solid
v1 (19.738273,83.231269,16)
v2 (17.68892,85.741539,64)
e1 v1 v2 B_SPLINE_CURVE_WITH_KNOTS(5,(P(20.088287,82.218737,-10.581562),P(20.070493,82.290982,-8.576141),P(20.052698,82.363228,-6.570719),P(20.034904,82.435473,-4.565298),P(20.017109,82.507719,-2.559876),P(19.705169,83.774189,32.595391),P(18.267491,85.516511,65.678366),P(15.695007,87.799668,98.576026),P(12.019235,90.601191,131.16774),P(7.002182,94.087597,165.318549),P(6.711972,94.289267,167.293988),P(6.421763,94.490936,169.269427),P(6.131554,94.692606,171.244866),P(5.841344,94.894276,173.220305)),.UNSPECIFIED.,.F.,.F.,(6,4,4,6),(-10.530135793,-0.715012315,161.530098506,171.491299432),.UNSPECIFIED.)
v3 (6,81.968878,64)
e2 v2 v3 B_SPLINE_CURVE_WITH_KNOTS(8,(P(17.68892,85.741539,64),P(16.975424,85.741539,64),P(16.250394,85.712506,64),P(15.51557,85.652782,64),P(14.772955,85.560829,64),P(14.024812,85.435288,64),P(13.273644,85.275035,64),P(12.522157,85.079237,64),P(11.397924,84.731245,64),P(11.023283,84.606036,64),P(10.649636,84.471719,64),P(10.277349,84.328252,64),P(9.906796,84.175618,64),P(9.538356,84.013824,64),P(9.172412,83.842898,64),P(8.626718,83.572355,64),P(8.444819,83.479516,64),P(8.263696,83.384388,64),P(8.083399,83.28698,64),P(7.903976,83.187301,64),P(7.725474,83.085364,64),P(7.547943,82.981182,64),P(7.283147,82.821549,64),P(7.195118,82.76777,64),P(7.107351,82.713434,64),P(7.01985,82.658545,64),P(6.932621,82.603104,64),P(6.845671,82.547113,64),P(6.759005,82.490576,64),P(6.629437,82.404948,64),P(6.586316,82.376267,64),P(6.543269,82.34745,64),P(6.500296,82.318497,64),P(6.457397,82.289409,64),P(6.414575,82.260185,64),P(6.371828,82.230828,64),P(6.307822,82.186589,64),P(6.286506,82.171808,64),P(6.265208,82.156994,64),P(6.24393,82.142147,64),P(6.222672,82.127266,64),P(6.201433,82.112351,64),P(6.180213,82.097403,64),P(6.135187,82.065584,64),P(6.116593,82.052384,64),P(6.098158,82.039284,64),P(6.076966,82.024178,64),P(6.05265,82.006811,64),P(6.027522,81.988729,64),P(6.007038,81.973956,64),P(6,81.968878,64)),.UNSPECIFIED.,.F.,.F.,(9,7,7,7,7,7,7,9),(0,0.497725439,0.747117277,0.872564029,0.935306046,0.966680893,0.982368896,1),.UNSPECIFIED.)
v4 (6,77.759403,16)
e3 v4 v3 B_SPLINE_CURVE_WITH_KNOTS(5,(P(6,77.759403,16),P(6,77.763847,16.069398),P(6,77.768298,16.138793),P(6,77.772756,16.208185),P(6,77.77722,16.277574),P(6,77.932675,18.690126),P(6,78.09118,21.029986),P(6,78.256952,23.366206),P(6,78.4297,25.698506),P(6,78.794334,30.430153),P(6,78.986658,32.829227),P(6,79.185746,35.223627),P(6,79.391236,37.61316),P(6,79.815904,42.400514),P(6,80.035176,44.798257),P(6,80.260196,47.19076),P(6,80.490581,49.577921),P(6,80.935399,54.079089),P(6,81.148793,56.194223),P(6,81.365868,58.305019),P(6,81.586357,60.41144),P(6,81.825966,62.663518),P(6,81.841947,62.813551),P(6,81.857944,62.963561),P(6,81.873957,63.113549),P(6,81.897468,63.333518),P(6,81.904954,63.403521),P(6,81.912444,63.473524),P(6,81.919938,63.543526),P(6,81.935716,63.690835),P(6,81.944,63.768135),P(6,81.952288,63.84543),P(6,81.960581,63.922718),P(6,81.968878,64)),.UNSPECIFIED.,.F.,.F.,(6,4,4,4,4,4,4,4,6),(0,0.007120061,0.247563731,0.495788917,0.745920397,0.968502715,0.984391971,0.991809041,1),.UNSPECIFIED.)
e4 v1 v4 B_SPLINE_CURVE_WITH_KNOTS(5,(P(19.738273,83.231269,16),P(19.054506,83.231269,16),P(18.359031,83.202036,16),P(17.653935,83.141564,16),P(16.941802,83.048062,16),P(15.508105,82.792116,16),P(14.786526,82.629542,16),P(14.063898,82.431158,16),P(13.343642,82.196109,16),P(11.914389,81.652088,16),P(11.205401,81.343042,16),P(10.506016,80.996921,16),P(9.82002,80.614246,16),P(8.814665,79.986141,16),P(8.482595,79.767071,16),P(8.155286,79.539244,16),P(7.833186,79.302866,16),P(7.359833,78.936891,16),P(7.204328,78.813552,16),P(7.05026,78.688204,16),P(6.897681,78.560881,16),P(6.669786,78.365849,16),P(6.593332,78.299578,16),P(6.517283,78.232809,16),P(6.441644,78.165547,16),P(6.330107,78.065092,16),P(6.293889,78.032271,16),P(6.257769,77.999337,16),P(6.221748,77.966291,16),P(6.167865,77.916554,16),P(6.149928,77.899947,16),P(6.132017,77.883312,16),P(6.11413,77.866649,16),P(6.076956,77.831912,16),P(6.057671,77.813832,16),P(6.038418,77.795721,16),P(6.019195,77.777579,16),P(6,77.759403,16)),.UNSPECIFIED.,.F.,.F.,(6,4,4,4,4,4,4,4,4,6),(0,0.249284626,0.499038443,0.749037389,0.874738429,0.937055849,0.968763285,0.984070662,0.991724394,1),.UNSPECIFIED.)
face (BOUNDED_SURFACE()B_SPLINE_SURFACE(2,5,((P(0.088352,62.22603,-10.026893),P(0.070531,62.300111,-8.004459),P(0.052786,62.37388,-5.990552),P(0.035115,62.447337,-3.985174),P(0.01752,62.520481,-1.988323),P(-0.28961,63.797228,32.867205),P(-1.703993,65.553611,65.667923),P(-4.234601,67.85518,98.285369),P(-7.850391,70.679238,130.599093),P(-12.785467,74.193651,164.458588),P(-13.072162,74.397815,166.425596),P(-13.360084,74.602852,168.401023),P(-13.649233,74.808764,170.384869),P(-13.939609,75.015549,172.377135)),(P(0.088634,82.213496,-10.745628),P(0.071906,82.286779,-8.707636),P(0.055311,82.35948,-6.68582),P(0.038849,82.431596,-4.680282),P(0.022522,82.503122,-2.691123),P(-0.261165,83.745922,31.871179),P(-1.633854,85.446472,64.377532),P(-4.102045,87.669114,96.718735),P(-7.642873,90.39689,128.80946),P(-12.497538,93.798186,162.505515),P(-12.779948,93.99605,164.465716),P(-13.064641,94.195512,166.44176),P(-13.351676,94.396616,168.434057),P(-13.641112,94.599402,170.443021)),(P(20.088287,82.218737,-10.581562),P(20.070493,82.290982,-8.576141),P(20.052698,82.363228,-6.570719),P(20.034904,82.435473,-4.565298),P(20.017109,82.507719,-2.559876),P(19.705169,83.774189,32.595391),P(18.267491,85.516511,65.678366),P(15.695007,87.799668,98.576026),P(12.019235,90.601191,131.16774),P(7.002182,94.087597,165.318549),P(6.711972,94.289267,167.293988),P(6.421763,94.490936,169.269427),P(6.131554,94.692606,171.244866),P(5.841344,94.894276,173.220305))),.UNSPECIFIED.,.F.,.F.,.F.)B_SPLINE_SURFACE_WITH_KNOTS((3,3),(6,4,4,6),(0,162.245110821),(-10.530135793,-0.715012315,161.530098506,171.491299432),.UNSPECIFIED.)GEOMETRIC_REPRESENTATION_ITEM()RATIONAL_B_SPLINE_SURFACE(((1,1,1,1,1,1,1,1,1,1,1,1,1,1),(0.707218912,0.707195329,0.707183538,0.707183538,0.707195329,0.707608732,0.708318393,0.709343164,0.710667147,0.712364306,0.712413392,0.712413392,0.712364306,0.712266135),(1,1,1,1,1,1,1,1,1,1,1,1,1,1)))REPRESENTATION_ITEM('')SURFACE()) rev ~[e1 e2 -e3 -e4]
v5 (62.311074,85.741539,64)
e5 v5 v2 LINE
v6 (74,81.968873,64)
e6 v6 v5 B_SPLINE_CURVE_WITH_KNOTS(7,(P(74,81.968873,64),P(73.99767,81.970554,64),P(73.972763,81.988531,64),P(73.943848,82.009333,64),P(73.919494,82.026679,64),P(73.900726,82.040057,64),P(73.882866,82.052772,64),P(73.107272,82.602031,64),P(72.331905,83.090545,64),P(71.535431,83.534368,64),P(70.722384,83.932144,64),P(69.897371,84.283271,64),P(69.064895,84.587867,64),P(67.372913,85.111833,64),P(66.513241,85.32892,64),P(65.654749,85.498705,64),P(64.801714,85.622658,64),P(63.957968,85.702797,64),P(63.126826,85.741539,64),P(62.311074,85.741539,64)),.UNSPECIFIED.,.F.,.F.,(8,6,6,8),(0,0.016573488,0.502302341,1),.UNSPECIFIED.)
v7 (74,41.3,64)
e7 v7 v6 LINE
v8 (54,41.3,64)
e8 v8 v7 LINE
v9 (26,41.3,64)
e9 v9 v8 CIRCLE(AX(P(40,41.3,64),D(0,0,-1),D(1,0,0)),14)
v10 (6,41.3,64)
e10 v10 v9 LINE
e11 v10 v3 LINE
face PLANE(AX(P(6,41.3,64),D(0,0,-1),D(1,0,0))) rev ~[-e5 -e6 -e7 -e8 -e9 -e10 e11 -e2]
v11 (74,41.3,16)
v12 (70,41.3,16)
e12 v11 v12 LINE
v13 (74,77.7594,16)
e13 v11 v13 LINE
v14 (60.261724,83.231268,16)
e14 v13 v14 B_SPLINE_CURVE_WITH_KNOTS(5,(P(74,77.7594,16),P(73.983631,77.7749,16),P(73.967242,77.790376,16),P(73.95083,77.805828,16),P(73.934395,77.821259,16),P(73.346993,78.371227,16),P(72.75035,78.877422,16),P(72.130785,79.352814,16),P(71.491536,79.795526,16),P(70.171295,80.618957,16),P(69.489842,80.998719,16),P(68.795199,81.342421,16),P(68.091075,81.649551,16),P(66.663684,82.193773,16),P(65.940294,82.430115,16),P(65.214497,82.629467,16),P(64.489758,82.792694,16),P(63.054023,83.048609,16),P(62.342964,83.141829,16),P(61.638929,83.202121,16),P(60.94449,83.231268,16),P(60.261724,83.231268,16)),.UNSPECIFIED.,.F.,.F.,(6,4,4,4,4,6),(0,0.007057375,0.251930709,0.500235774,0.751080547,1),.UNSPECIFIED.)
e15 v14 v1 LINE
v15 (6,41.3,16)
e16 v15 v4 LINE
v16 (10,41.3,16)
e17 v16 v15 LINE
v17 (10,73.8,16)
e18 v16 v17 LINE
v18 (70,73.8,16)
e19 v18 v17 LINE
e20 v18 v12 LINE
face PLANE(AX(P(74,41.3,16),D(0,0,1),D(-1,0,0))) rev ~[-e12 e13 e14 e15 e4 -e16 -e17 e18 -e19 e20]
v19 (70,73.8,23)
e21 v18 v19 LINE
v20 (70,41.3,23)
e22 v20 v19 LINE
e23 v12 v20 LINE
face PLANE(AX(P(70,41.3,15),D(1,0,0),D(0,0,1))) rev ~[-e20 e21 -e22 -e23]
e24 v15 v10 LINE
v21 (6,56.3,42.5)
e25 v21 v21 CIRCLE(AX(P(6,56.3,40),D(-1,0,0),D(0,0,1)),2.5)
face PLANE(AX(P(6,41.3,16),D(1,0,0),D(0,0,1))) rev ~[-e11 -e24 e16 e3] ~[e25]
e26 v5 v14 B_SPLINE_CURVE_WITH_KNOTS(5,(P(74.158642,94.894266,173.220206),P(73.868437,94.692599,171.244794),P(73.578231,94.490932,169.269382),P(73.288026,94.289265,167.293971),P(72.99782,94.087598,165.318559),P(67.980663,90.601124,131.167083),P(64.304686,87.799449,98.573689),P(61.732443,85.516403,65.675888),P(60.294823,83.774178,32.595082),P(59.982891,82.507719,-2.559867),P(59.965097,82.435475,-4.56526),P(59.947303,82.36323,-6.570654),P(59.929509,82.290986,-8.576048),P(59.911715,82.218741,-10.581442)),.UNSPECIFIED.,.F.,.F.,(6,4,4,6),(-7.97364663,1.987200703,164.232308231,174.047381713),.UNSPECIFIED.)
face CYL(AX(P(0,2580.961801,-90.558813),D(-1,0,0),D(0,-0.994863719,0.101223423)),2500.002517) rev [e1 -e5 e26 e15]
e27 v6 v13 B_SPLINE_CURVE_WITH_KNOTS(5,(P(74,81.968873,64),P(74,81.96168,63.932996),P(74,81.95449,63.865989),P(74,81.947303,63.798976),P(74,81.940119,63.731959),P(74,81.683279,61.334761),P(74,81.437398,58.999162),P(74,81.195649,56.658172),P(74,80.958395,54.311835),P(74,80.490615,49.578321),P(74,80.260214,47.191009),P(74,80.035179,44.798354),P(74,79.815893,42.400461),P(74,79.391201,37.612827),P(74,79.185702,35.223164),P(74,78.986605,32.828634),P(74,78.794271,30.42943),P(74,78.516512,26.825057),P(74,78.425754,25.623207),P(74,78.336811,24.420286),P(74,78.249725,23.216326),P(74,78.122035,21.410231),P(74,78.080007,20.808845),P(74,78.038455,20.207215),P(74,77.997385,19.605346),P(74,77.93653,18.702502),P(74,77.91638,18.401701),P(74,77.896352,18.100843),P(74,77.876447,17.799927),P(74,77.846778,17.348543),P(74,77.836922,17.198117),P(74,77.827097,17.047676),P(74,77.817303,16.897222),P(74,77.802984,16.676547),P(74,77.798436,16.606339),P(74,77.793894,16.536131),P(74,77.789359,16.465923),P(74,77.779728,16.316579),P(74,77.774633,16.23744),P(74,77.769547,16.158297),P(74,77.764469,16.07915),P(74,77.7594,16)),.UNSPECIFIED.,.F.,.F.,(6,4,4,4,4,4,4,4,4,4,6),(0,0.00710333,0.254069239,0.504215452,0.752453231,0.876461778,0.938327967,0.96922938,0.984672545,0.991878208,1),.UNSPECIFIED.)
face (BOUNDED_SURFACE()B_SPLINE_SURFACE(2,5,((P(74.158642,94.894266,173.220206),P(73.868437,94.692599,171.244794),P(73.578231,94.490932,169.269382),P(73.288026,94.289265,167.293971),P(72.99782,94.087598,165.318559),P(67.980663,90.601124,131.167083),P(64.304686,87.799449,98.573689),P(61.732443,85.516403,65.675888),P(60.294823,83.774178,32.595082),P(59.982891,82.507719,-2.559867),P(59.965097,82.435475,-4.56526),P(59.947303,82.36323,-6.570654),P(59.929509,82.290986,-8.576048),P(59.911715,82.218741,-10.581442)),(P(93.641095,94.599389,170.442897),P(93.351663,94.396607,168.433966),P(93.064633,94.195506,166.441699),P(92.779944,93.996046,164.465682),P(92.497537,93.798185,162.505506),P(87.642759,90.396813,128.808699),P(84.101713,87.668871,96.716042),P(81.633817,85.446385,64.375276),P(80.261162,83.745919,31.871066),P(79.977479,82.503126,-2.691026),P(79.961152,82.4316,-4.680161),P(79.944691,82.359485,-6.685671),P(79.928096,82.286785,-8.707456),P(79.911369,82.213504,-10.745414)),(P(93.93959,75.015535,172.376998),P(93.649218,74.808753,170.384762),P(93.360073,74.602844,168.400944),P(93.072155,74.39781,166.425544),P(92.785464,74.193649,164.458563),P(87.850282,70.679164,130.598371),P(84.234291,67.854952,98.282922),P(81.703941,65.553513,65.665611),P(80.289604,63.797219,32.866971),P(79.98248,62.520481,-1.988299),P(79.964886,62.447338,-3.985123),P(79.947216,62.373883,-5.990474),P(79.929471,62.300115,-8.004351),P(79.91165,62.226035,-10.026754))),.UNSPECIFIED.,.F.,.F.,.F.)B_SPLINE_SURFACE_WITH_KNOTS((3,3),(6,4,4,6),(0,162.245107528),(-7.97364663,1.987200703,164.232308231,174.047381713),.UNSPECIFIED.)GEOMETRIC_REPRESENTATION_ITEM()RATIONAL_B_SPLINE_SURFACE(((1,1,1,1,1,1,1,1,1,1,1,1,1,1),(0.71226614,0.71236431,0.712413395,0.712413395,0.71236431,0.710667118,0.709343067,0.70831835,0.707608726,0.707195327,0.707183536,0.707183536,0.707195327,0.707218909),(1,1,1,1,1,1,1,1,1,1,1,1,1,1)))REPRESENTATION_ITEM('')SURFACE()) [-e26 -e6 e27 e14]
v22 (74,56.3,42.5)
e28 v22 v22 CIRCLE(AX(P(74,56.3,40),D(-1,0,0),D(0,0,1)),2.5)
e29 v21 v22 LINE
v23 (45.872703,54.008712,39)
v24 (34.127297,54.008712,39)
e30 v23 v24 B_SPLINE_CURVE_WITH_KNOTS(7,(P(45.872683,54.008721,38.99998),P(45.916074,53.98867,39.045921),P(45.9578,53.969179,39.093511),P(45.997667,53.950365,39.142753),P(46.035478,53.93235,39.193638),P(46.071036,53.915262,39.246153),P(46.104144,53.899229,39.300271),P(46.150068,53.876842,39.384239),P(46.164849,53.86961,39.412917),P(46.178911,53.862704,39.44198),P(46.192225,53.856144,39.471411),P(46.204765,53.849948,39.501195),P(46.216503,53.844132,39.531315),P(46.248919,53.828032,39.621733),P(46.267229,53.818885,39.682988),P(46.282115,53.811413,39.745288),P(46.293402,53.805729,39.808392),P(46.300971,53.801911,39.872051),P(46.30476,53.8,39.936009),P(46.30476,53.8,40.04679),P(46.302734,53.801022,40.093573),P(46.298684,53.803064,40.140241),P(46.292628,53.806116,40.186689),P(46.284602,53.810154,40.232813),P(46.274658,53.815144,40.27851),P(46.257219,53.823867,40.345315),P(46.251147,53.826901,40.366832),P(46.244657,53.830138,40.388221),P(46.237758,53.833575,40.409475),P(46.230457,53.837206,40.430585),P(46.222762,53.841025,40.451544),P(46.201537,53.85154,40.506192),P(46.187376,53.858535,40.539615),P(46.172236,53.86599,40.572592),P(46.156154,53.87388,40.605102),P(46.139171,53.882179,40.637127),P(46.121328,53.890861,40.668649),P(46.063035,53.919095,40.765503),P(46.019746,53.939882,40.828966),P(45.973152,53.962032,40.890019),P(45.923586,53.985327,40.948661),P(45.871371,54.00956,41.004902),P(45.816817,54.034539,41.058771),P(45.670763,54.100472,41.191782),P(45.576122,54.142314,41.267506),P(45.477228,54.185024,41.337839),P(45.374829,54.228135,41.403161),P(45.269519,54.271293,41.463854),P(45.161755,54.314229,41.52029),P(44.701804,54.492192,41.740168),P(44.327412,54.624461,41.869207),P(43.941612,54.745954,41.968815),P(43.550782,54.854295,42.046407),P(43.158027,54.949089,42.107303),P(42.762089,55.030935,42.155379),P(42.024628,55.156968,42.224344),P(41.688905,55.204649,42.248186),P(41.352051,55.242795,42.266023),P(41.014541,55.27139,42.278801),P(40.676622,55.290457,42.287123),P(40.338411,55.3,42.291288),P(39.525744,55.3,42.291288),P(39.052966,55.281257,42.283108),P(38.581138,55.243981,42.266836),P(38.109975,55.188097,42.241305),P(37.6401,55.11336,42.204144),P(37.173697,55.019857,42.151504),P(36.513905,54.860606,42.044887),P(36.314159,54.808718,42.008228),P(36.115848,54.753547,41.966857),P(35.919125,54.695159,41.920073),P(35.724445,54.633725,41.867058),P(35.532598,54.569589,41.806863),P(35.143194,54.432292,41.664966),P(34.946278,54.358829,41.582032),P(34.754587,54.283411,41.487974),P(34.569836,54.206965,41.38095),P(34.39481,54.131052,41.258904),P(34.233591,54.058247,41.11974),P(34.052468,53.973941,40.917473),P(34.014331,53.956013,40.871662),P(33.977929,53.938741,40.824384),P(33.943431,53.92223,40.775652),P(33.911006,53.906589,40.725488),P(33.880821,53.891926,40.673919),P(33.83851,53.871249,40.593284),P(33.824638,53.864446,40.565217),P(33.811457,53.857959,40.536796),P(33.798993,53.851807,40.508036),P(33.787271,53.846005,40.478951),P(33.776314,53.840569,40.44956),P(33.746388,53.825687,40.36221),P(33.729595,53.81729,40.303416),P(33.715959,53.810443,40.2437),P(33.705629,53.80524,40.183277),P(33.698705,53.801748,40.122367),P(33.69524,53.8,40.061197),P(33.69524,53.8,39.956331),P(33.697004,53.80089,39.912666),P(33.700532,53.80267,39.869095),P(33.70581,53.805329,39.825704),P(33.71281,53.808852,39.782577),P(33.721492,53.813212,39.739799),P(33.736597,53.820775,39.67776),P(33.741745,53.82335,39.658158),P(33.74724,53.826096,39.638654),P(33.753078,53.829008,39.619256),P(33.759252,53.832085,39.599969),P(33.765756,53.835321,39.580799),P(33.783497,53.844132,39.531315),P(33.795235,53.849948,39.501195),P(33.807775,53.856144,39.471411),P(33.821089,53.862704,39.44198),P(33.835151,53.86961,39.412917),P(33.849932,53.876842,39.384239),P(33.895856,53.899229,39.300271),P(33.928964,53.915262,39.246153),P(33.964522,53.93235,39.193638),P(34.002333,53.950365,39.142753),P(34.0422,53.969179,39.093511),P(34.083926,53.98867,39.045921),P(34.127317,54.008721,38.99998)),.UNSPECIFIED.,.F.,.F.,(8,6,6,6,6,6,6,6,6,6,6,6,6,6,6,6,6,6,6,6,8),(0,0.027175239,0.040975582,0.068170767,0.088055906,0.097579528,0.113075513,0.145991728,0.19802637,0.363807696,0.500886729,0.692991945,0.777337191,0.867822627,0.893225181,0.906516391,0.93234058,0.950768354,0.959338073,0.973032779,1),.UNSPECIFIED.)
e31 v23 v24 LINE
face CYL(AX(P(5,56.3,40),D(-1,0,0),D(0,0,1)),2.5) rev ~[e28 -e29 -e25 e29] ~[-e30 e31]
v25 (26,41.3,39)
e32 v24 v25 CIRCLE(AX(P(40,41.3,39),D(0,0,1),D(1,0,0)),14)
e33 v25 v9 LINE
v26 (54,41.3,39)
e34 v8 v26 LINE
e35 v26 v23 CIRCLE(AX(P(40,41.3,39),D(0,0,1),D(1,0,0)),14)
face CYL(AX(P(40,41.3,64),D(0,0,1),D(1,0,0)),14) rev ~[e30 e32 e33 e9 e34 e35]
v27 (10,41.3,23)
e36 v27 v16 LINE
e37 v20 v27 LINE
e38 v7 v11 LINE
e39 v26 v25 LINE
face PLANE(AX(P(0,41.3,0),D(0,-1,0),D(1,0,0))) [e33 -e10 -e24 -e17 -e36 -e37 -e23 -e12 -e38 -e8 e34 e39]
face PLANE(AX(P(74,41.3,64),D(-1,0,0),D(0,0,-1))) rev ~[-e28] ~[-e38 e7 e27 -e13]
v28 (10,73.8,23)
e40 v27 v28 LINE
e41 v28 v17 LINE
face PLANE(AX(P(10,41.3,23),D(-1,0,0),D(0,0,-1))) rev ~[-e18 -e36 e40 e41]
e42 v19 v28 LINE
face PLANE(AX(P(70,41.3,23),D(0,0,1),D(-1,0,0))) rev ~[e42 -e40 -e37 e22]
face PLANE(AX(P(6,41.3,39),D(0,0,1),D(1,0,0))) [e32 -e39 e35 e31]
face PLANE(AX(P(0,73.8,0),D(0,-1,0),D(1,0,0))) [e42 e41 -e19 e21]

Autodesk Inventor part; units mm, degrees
ref_plane "YZ Plane" through (0, 0, 0) normal (1, 0, 0) x (0, 1, 0)
ref_plane "XZ Plane" through (0, 0, 0) normal (0, 1, 0) x (-1, 0, 0)
ref_plane "XY Plane" through (0, 0, 0) normal (0, 0, 1) x (1, 0, 0)
sketch "Sketch1" plane through (0, 0, 0) normal (0, 0, 1) x (1, 0, 0)
  line L0 (0, 0) -> (80, 0)
  line L1 (80, 0) -> (80, 82.6)
  line L2 (80, 82.6) -> (0, 82.6)
  line L3 (0, 82.6) -> (0, 0)
  dimension "d0" = 80
  dimension "d1" = 82.6
extrude "Extrusion1" add sketch "Sketch1" along normal blind 162.5
sketch "Sketch2" plane through (0, 82.6, 0) normal (0, 1, 0) x (1, 0, 0)
  line L0 (0, -162.5) -> (80, -162.5) projected
  line L1 (-12.5, -162.5) -> (0, -162.5)
  line L2 (80, -162.5) -> (92.5, -162.5)
  line L3 (0, 0) -> (80, 0) projected
  line L4 (0, 0) -> (0, -162.5) projected
  line L5 (80, 0) -> (80, -162.5) projected
  arc A0 (-12.5, -162.5) -> (0, 0) centre (-1199.9534, 10.5733) ccw
  arc A1 (80, 0) -> (92.5, -162.5) centre (1279.9534, 10.5733) ccw
  dimension "d4" = 12.5
  dimension "d5" = 12.5
  dimension "d19" = 1200
  dimension "d20" = 1200
extrude "Extrusion2" add sketch "Sketch2" against normal blind 82.6 contours L1 A0 L4 | L5 A1 L2
sketch "Sketch4" plane through (0, 0, 0) normal (0, 0, -1) x (-1, 0, 0)
  circle A0 centre (-17.4, 59.41) radius 2.5
  circle A1 centre (-62.6, 59.41) radius 2.5
  circle A2 centre (-62.6, 23.19) radius 2.5
  circle A3 centre (-17.4, 23.19) radius 2.5
  line L0 (-80, 82.6) -> (0, 82.6) projected
  line L1 (-17.4, 23.19) -> (-62.6, 23.19) construction
  line L2 (-62.6, 23.19) -> (-62.6, 59.41) construction
  line L3 (-80, 0) -> (-80, 82.6) projected
  point P0 (0, 0)
  point P1 (-60.8187, 82.6)
  point P2 (-19.1813, 82.6)
  point P3 (-40, 23.19)
  point P4 (-40, 82.6)
  dimension "d10" = 5
  dimension "d11" = 5
  dimension "d12" = 5
  dimension "d13" = 5
  dimension "d14" = 23.19
  dimension "d15" = 45.2
  dimension "d16" = 36.22
extrude "Extrusion3" cut sketch "Sketch4" against normal blind 25
sketch "Sketch5" plane through (0, 0, 0) normal (0, 0, -1) x (-1, 0, 0)
  line L0 (12.5, 0) -> (-92.5, 0)
  line L1 (-92.5, 0) -> (-92.5, 41.3)
  line L2 (-92.5, 41.3) -> (12.5, 41.3)
  line L3 (12.5, 41.3) -> (12.5, 0)
  point P0 (0, 0)
  point P1 (12.5, 20)
  point P2 (-92.5, 20)
  dimension "d22" = 41.3
extrude "Extrusion4" cut sketch "Sketch5" against normal through all
sketch "Sketch6" plane through (0, 41.3, 0) normal (0, -1, 0) x (1, 0, 0)
  line L0 (75, 15) -> (5, 15)
  line L1 (5, 15) -> (5, 65)
  line L2 (5, 65) -> (75, 65)
  line L3 (75, 65) -> (75, 15)
  line L4 (80, 0) -> (0, 0) projected
  point P0 (40, 15)
  point P1 (40, 0)
  dimension "d25" = 70
  dimension "d26" = 50
  dimension "d27" = 15
extrude "Extrusion5" cut sketch "Sketch6" against normal blind 32.5
sketch "Sketch8" plane through (0, 0, 0) normal (1, 0, 0) x (0, 1, 0)
  line L0 (82.6, 162.5) -> (93.8, 162.5)
  line L1 (41.3, 162.5) -> (41.3, 0) projected
  line L2 (82.6, 0) -> (41.3, 0) projected
  arc A0 (93.8, 162.5) -> (82.6, 0) centre (2580.9593, -90.5586) ccw
  line L3 (82.6, 162.5) -> (41.3, 162.5) projected
  line L4 (82.6, 162.5) -> (82.6, 0)
  point P0 (0, 0)
  dimension "d32" = 2500
  dimension "d38" = 11.2
extrude "Extrusion6" add sketch "Sketch8" along normal blind 93 and the other way blind 13 contours L0 A0 L4
sketch "Sketch13" plane through (-13, 82.6, 0) normal (0, -1, 0) x (1, 0, 0)
  arc A0 (13, 0) -> (0.5, 162.5) centre (-1186.9534, -10.5733) ccw projected
  line L0 (0, 162.5) -> (0.5, 162.5) projected
  line L1 (0, 0) -> (0, 162.5) projected
  line L2 (13, 0) -> (0, 0) projected
  arc A1 (105.5, 162.5) -> (93, 0) centre (1292.9534, -10.5733) ccw projected
  line L3 (106, 0) -> (93, 0) projected
  line L4 (106, 162.5) -> (106, 0) projected
  line L5 (105.5, 162.5) -> (106, 162.5) projected
  point P0 (13, 0)
extrude "Extrusion9" cut sketch "Sketch13" against normal through all
fillet "Fillet4" radius 20 2 edges at (-3.5176, 86.9111, 81.8462) (83.5176, 86.9111, 81.8462)
sketch "Sketch34" plane through (0, 41.3, 0) normal (0, -1, 0) x (1, 0, 0)
  line L0 (75, 65) -> (75, 15) projected
  line L1 (75, 15) -> (5, 15) projected
  line L2 (5, 15) -> (5, 65) projected
  line L3 (5, 65) -> (75, 65) projected
  arc A0 (0, 0) -> (-12.5, 162.5) centre (-1199.9534, -10.5733) ccw projected
  line L4 (80, 0) -> (0, 0) projected
  arc A1 (92.5, 162.5) -> (80, 0) centre (1279.9534, -10.5733) ccw projected
  line L5 (-12.5, 162.5) -> (92.5, 162.5) projected
  point P0 (0, 0)
extrude "Extrusion24" cut sketch "Sketch34" against normal through all
sketch "Sketch35" plane through (0, 73.8, 0) normal (0, -1, 0) x (1, 0, 0)
  line L0 (75, 15) -> (5, 15) projected
  line L1 (75, 65) -> (75, 15) projected
  line L2 (5, 65) -> (75, 65) projected
  line L3 (5, 15) -> (5, 65) projected
  point P0 (0, 0)
extrude "Extrusion25" add sketch "Sketch35" along normal blind 32.5
sketch "Sketch36" plane through (0, 41.3, 0) normal (0, -1, 0) x (1, 0, 0)
  line L0 (10, 15) -> (70, 15)
  line L1 (70, 15) -> (70, 23)
  line L2 (70, 23) -> (10, 23)
  line L3 (10, 23) -> (10, 15)
  line L4 (5, 15) -> (75, 15) projected
  point P0 (0, 0)
  point P1 (40, 23)
  point P2 (40, 15)
  point P3 (40, 15)
  dimension "d112" = 8
  dimension "d113" = 60
extrude "Extrusion26" cut sketch "Sketch36" against normal blind 32.5
sketch "Sketch37" plane through (5, 41.3, 65) normal (-1, 0, 0) x (0, 0, 1)
  circle A0 centre (-25, 15) radius 2.5
  line L0 (0, 0) -> (-50, 0) projected
  point P0 (-65, -41.3)
  point P1 (-25, 0)
  dimension "d116" = 5
  dimension "d117" = 15
extrude "Extrusion27" cut sketch "Sketch37" against normal through all
sketch "Sketch38" plane through (0, 41.3, 0) normal (0, -1, 0) x (1, 0, 0)
  line L0 (75, 15) -> (5, 15)
  line L1 (5, 15) -> (5, 65)
  line L2 (5, 65) -> (75, 65)
  line L3 (75, 65) -> (75, 15)
  line L4 (75, 65) -> (5, 65) projected
  line L5 (75, 15) -> (75, 65) projected
  line L6 (74, 16) -> (6, 16)
  line L7 (6, 16) -> (6, 64)
  line L8 (6, 64) -> (74, 64)
  line L9 (74, 64) -> (74, 16)
  point P0 (0, 0)
  dimension "d120" = 1
extrude "Extrusion28" cut sketch "Sketch38" against normal through all
sketch "Sketch39" plane through (6, 41.3, 64) normal (0, 0, 1) x (1, 0, 0)
  line L0 (68, 0) -> (0, 0) projected
  line L1 (4, 0) -> (64, 0) projected
  circle A0 centre (34, 0) radius 14
  point P0 (-6, -41.3)
  dimension "d123" = 28
extrude "Extrusion29" cut sketch "Sketch39" against normal blind 25
equation "\"d5\" = d4"
properties part number "AA008" material "ABS Plastic"
